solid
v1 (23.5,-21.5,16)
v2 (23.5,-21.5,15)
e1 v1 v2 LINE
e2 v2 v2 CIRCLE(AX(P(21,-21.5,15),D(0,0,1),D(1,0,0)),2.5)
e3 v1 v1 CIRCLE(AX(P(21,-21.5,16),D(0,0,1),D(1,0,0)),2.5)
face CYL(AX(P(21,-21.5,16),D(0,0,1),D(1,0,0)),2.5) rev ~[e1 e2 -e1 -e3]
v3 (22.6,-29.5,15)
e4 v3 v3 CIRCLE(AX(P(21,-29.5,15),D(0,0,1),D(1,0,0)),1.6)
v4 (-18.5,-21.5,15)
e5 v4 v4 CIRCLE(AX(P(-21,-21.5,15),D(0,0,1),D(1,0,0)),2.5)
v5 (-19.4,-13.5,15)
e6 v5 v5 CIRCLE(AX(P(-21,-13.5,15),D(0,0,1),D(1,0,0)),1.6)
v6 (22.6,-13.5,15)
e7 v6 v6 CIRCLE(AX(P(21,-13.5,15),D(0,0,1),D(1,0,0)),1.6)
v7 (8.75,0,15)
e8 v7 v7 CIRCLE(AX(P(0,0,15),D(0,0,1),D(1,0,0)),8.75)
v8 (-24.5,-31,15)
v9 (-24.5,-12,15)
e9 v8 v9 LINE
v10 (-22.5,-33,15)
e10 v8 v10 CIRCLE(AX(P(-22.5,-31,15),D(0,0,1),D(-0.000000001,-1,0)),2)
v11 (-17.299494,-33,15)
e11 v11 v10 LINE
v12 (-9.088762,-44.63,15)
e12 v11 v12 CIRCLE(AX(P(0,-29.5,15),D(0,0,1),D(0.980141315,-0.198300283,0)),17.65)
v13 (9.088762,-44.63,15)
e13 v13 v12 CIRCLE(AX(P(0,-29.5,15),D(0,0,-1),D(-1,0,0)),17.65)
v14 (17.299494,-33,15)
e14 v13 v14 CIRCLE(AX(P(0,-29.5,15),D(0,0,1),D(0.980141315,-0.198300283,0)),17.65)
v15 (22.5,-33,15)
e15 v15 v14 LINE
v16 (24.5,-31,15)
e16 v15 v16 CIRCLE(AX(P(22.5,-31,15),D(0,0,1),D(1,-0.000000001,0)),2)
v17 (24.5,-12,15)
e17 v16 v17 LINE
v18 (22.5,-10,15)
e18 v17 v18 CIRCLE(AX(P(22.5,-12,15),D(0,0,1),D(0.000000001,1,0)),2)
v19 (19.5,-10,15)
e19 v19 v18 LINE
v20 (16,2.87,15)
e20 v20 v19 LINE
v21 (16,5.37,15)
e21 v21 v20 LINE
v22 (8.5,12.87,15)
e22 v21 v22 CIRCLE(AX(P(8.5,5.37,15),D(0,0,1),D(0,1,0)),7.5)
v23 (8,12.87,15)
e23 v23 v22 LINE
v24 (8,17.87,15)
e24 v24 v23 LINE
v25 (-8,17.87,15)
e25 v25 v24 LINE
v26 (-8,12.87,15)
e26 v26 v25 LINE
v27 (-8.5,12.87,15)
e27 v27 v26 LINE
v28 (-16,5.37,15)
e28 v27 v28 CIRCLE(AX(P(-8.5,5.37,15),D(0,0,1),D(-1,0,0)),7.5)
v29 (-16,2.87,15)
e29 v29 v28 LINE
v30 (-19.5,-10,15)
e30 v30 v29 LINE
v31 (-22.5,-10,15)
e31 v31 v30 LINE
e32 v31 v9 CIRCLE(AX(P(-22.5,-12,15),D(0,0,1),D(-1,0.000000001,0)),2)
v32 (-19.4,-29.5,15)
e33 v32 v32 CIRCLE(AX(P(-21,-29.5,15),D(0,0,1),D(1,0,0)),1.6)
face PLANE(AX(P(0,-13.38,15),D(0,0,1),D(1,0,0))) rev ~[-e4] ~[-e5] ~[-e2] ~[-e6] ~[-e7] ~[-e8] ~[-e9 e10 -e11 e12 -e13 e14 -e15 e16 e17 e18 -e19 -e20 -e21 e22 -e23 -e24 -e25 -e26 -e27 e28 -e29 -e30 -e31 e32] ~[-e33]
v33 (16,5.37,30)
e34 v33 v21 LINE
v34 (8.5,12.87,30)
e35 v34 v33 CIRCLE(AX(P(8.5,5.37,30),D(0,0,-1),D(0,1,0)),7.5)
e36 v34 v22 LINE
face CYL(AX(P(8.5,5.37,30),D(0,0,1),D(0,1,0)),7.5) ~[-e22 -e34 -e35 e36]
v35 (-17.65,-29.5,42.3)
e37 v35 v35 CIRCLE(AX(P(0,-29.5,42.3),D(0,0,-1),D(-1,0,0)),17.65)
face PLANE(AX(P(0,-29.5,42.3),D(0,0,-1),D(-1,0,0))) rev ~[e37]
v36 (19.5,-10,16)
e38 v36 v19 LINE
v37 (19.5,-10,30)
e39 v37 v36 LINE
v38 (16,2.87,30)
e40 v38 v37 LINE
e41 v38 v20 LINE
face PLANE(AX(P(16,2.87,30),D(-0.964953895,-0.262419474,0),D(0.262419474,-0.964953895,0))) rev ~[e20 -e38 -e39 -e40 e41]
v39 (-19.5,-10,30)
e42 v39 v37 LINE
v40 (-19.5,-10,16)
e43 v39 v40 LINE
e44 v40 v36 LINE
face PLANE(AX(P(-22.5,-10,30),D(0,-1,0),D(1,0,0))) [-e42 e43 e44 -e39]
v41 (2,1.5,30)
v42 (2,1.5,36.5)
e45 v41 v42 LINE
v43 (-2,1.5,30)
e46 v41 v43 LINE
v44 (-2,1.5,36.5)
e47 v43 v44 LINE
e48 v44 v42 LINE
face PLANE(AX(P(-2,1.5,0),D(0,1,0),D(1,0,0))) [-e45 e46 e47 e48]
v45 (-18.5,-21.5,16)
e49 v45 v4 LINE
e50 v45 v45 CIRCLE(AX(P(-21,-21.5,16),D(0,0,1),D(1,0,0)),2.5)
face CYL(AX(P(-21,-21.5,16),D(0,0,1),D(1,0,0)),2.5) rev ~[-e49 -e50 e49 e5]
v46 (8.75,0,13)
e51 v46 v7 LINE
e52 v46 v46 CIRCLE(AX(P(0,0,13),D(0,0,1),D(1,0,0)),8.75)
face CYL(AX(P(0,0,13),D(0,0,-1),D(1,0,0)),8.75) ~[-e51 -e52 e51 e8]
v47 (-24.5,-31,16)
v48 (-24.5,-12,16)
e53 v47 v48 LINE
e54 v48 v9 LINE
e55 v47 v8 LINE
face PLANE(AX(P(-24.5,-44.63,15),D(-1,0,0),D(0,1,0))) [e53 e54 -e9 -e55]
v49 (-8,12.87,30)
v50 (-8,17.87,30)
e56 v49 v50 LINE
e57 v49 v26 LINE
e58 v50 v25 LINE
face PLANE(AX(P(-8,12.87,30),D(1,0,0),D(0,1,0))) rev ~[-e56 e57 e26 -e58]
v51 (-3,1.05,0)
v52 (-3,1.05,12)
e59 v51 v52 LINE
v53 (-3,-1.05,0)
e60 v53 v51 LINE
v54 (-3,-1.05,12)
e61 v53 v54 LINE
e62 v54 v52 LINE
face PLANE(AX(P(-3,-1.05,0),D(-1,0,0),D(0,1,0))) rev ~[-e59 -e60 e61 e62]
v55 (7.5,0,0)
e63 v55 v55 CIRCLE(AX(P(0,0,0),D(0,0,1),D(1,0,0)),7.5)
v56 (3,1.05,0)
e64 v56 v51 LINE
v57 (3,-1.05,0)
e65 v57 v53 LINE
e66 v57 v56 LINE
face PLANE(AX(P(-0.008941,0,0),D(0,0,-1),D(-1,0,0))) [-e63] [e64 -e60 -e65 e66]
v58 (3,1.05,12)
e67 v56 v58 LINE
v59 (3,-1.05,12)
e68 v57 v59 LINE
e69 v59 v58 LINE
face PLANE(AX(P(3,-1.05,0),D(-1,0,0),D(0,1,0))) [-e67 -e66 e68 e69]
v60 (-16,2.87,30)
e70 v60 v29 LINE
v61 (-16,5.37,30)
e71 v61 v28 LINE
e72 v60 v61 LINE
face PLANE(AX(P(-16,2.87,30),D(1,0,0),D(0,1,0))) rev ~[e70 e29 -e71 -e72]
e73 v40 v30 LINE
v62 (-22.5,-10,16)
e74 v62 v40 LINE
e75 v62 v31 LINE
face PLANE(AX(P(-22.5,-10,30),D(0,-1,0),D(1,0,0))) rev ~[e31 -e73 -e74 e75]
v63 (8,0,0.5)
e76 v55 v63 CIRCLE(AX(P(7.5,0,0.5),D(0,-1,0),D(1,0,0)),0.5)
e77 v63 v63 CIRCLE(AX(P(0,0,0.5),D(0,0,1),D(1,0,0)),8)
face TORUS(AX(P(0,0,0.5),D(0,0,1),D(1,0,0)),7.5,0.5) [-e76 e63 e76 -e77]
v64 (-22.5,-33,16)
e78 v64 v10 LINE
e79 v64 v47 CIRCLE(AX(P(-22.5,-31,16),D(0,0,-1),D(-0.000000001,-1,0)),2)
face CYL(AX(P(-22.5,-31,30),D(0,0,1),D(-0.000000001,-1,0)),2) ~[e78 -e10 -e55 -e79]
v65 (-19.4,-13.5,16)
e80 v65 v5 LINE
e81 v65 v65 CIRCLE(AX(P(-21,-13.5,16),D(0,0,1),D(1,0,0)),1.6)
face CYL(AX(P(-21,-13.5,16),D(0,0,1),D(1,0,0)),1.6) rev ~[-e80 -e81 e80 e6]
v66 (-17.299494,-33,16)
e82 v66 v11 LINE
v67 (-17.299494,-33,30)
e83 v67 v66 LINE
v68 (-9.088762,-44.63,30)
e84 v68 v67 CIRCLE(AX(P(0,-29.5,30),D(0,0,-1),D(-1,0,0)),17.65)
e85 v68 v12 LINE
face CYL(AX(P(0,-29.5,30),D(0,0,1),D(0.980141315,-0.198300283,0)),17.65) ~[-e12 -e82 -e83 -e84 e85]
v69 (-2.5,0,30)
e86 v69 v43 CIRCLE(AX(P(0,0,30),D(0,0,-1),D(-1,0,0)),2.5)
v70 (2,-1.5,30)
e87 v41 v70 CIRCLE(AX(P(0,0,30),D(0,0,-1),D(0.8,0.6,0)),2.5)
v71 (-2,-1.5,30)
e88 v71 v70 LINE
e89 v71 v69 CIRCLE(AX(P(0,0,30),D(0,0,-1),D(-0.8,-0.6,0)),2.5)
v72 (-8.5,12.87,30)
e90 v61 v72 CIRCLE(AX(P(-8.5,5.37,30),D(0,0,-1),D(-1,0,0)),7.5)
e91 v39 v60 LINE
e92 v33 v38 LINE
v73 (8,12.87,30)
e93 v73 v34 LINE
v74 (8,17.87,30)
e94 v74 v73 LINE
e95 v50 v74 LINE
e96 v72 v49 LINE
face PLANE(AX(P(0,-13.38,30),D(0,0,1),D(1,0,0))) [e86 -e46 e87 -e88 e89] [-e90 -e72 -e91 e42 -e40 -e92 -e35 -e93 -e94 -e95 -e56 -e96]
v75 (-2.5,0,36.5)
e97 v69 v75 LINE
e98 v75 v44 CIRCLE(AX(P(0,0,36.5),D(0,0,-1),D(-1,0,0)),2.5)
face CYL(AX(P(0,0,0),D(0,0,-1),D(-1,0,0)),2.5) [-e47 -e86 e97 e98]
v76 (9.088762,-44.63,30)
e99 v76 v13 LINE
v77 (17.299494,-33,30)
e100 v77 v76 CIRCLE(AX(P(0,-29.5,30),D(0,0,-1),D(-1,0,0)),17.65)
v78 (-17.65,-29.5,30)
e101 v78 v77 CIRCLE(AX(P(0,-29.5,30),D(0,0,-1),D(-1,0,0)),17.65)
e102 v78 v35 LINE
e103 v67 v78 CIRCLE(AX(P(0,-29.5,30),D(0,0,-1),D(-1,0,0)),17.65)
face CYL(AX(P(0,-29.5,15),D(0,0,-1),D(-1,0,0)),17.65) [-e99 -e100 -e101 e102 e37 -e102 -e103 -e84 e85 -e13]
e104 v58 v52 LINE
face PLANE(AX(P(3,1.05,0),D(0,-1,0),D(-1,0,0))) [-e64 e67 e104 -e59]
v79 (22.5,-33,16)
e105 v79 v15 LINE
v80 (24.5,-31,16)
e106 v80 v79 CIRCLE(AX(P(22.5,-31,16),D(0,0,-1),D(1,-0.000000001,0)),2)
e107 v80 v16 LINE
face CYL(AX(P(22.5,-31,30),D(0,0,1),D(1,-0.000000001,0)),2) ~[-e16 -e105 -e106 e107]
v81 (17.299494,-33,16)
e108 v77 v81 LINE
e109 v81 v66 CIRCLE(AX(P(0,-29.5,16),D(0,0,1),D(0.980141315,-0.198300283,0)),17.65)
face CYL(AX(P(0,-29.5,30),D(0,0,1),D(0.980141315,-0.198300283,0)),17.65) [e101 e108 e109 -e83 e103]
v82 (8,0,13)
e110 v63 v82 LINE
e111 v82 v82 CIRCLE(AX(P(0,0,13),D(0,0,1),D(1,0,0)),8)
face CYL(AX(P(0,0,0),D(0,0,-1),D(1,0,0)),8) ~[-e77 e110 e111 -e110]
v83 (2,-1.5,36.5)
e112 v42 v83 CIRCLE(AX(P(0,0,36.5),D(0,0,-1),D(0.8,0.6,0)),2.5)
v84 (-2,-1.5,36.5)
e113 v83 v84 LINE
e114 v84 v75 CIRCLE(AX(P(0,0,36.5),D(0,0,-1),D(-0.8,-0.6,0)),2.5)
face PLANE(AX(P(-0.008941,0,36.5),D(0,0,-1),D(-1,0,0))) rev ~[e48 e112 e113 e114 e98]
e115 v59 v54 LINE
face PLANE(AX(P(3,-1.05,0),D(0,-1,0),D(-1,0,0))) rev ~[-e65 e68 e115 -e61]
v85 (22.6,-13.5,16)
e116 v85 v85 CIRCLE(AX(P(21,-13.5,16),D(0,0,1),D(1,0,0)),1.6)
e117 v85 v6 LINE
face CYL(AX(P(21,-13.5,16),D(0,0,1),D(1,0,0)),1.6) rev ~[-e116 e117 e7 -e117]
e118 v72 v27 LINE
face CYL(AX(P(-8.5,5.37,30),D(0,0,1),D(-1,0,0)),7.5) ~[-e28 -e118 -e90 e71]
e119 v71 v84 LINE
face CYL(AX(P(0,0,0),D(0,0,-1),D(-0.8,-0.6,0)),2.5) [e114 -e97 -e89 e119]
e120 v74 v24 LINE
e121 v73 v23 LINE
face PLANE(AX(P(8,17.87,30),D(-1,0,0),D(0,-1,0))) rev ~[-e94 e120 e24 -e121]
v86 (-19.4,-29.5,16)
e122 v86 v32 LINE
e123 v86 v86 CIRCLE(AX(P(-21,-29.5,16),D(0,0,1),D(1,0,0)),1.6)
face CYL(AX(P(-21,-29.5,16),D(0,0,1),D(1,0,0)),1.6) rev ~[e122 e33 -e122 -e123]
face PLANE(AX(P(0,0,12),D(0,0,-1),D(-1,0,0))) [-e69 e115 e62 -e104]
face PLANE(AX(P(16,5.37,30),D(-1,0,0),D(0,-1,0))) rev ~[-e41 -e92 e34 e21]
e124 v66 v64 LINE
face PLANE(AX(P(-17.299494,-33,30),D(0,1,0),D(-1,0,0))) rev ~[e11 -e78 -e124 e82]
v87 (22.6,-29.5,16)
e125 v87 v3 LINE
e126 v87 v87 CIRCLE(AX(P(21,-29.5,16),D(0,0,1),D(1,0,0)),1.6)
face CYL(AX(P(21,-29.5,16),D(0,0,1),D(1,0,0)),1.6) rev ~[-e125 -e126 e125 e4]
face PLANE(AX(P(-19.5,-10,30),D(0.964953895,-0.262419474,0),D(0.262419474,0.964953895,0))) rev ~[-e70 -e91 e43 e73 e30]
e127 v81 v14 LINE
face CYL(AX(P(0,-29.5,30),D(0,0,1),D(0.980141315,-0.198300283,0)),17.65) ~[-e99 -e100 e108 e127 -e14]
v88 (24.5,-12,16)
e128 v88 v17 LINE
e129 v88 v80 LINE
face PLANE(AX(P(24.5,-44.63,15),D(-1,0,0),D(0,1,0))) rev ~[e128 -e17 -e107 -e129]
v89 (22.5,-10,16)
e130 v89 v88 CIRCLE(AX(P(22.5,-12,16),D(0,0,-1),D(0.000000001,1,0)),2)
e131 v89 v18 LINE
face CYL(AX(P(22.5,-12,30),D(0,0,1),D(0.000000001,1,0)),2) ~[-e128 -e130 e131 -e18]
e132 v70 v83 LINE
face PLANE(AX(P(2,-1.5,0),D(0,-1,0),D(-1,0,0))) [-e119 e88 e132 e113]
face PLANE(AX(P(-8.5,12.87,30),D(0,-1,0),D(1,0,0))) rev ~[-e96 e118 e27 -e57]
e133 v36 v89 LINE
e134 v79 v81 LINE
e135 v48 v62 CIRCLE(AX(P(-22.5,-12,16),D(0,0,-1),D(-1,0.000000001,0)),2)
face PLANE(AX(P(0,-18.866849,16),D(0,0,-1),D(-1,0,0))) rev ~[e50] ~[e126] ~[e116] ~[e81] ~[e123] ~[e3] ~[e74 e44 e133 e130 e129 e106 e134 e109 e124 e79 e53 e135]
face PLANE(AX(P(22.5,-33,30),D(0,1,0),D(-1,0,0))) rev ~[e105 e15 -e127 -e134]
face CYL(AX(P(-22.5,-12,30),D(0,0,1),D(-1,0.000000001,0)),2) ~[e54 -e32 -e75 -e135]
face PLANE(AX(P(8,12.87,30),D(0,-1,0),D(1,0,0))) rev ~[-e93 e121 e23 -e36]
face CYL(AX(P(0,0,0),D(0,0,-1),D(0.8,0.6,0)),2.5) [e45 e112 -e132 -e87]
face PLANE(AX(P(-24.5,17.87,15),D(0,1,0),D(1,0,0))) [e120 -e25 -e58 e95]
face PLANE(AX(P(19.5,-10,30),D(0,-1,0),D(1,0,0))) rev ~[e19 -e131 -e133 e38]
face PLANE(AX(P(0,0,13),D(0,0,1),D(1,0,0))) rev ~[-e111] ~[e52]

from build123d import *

# Parameters (mm, degrees)
SKETCH1_R           = 8
BOSS_EXTRUDE1_DEPTH = 13
SKETCH2_R           = 8.75
BOSS_EXTRUDE2_DEPTH = 2
SKETCH3_W           = 49
SKETCH3_H           = 62.5
BOSS_EXTRUDE3_DEPTH = 15
SKETCH4_R           = 17.65
BOSS_EXTRUDE4_DEPTH = 27.3
BOSS_EXTRUDE6_DEPTH = 36.5
SKETCH7_W           = 81.110714311
SKETCH7_H           = 82.460514398
CUT_EXTRUDE1_DEPTH  = 31
CUT_EXTRUDE2_DEPTH  = 14
SKETCH9_R           = 2.5
CUT_EXTRUDE4_DEPTH  = 17
SKETCH10_R          = 1.6
CUT_EXTRUDE5_DEPTH  = 17
FILLET1_R           = 0.5
SKETCH11_W          = 6
SKETCH11_H          = 2.1
CUT_EXTRUDE6_DEPTH  = 12


with BuildPart() as part:
    # Sketch1 → Boss-Extrude1 (new body)
    with BuildSketch(Plane.XY):
        Circle(SKETCH1_R)
    extrude(amount=BOSS_EXTRUDE1_DEPTH)

    # Sketch2 → Boss-Extrude2 (add)
    with BuildSketch(Plane.XY.offset(13)):
        Circle(SKETCH2_R)
    extrude(amount=BOSS_EXTRUDE2_DEPTH)

    # Sketch3 → Boss-Extrude3 (add)
    with BuildSketch(Plane.XY.offset(15)):
        with Locations((0, -13.38)):
            Rectangle(SKETCH3_W, SKETCH3_H)
    extrude(amount=BOSS_EXTRUDE3_DEPTH)

    # Sketch4 → Boss-Extrude4 (add)
    with BuildSketch(Plane(origin=(0, 0, 15), x_dir=(-1, 0, 0), z_dir=(0, 0, -1))):
        with Locations((0, -29.5)):
            Circle(SKETCH4_R)
    extrude(amount=-BOSS_EXTRUDE4_DEPTH)

    # Sketch6 → Boss-Extrude6 (add)
    with BuildSketch(Plane(origin=(0, 0, 0), x_dir=(-1, 0, 0), z_dir=(0, 0, -1))):
        with BuildLine():
            Line((2, 1.5), (-2, 1.5))
            ThreePointArc((-2, 1.5), (-2.5, 0), (-2, -1.5))
            Line((-2, -1.5), (2, -1.5))
            ThreePointArc((2, -1.5), (2.371708245, -0.790569415), (2.5, 0))
            ThreePointArc((2.5, 0), (2.371708245, 0.790569415), (2, 1.5))
        make_face()
    extrude(amount=-BOSS_EXTRUDE6_DEPTH)

    # Sketch7 → Cut-Extrude1 (cut, through all)
    with BuildSketch(Plane.XY.offset(30)):
        with Locations((0.873030834, -13.704939381)):
            Rectangle(SKETCH7_W, SKETCH7_H)
        with BuildLine():
            Line((-8, 17.87), (8, 17.87))
            Line((8, 17.87), (8, 12.87))
            Line((8, 12.87), (8.5, 12.87))
            ThreePointArc((8.5, 12.87), (13.803300859, 10.673300859), (16, 5.37))
            Line((16, 5.37), (16, 2.87))
            Line((16, 2.87), (19.5, -10))
            Line((19.5, -10), (22.5, -10))
            ThreePointArc((22.5, -10), (23.914213562, -10.585786438), (24.5, -12))
            Line((24.5, -12), (24.5, -31))
            ThreePointArc((24.5, -31), (23.914213562, -32.414213562), (22.5, -33))
            Line((22.5, -33), (17.299494212, -33))
            ThreePointArc((17.299494212, -33), (0, -47.15), (-17.299494212, -33))
            Line((-17.299494212, -33), (-22.5, -33))
            ThreePointArc((-22.5, -33), (-23.914213562, -32.414213562), (-24.5, -31))
            Line((-24.5, -31), (-24.5, -12))
            ThreePointArc((-24.5, -12), (-23.914213562, -10.585786438), (-22.5, -10))
            Line((-22.5, -10), (-19.5, -10))
            Line((-19.5, -10), (-16, 2.87))
            Line((-16, 2.87), (-16, 5.37))
            ThreePointArc((-16, 5.37), (-13.803300859, 10.673300859), (-8.5, 12.87))
            Line((-8.5, 12.87), (-8, 12.87))
            Line((-8, 12.87), (-8, 17.87))
        make_face(mode=Mode.SUBTRACT)
    extrude(amount=-CUT_EXTRUDE1_DEPTH, mode=Mode.SUBTRACT)

    # Sketch8 → Cut-Extrude2 (cut)
    with BuildSketch(Plane.XY.offset(30)):
        with BuildLine():
            Line((-17.299494212, -33), (-22.5, -33))
            ThreePointArc((-22.5, -33), (-23.914213562, -32.414213562), (-24.5, -31))
            Line((-24.5, -31), (-24.5, -12))
            ThreePointArc((-24.5, -12), (-23.914213562, -10.585786438), (-22.5, -10))
            Line((-22.5, -10), (22.5, -10))
            ThreePointArc((22.5, -10), (23.914213562, -10.585786438), (24.5, -12))
            Line((24.5, -12), (24.5, -31))
            ThreePointArc((24.5, -31), (23.914213562, -32.414213562), (22.5, -33))
            Line((22.5, -33), (17.299494212, -33))
            ThreePointArc((17.299494212, -33), (0, -11.85), (-17.299494212, -33))
        make_face()
    extrude(amount=-CUT_EXTRUDE2_DEPTH, mode=Mode.SUBTRACT)

    # Sketch9 → Cut-Extrude4 (cut, through all)
    with BuildSketch(Plane.XY.offset(16)):
        with Locations((-21, -21.5)):
            Circle(SKETCH9_R)
        with Locations((21, -21.5)):
            Circle(SKETCH9_R)
    extrude(amount=-CUT_EXTRUDE4_DEPTH, mode=Mode.SUBTRACT)

    # Sketch10 → Cut-Extrude5 (cut, through all)
    with BuildSketch(Plane.XY.offset(16)):
        with Locations((-21, -13.5)):
            Circle(SKETCH10_R)
        with Locations((21, -13.5)):
            Circle(SKETCH10_R)
        with Locations((21, -29.5)):
            Circle(SKETCH10_R)
        with Locations((-21, -29.5)):
            Circle(SKETCH10_R)
    extrude(amount=-CUT_EXTRUDE5_DEPTH, mode=Mode.SUBTRACT)

    # Fillet1
    fillet1_edges = [part.edges().sort_by_distance(p)[0] for p in [
        (-8, 0, 0),
    ]]
    fillet(fillet1_edges, radius=FILLET1_R)

    # Sketch11 → Cut-Extrude6 (cut)
    with BuildSketch(Plane(origin=(0, 0, 0), x_dir=(-1, 0, 0), z_dir=(0, 0, -1))):
        Rectangle(SKETCH11_W, SKETCH11_H)
    extrude(amount=-CUT_EXTRUDE6_DEPTH, mode=Mode.SUBTRACT)


solid = part.part
